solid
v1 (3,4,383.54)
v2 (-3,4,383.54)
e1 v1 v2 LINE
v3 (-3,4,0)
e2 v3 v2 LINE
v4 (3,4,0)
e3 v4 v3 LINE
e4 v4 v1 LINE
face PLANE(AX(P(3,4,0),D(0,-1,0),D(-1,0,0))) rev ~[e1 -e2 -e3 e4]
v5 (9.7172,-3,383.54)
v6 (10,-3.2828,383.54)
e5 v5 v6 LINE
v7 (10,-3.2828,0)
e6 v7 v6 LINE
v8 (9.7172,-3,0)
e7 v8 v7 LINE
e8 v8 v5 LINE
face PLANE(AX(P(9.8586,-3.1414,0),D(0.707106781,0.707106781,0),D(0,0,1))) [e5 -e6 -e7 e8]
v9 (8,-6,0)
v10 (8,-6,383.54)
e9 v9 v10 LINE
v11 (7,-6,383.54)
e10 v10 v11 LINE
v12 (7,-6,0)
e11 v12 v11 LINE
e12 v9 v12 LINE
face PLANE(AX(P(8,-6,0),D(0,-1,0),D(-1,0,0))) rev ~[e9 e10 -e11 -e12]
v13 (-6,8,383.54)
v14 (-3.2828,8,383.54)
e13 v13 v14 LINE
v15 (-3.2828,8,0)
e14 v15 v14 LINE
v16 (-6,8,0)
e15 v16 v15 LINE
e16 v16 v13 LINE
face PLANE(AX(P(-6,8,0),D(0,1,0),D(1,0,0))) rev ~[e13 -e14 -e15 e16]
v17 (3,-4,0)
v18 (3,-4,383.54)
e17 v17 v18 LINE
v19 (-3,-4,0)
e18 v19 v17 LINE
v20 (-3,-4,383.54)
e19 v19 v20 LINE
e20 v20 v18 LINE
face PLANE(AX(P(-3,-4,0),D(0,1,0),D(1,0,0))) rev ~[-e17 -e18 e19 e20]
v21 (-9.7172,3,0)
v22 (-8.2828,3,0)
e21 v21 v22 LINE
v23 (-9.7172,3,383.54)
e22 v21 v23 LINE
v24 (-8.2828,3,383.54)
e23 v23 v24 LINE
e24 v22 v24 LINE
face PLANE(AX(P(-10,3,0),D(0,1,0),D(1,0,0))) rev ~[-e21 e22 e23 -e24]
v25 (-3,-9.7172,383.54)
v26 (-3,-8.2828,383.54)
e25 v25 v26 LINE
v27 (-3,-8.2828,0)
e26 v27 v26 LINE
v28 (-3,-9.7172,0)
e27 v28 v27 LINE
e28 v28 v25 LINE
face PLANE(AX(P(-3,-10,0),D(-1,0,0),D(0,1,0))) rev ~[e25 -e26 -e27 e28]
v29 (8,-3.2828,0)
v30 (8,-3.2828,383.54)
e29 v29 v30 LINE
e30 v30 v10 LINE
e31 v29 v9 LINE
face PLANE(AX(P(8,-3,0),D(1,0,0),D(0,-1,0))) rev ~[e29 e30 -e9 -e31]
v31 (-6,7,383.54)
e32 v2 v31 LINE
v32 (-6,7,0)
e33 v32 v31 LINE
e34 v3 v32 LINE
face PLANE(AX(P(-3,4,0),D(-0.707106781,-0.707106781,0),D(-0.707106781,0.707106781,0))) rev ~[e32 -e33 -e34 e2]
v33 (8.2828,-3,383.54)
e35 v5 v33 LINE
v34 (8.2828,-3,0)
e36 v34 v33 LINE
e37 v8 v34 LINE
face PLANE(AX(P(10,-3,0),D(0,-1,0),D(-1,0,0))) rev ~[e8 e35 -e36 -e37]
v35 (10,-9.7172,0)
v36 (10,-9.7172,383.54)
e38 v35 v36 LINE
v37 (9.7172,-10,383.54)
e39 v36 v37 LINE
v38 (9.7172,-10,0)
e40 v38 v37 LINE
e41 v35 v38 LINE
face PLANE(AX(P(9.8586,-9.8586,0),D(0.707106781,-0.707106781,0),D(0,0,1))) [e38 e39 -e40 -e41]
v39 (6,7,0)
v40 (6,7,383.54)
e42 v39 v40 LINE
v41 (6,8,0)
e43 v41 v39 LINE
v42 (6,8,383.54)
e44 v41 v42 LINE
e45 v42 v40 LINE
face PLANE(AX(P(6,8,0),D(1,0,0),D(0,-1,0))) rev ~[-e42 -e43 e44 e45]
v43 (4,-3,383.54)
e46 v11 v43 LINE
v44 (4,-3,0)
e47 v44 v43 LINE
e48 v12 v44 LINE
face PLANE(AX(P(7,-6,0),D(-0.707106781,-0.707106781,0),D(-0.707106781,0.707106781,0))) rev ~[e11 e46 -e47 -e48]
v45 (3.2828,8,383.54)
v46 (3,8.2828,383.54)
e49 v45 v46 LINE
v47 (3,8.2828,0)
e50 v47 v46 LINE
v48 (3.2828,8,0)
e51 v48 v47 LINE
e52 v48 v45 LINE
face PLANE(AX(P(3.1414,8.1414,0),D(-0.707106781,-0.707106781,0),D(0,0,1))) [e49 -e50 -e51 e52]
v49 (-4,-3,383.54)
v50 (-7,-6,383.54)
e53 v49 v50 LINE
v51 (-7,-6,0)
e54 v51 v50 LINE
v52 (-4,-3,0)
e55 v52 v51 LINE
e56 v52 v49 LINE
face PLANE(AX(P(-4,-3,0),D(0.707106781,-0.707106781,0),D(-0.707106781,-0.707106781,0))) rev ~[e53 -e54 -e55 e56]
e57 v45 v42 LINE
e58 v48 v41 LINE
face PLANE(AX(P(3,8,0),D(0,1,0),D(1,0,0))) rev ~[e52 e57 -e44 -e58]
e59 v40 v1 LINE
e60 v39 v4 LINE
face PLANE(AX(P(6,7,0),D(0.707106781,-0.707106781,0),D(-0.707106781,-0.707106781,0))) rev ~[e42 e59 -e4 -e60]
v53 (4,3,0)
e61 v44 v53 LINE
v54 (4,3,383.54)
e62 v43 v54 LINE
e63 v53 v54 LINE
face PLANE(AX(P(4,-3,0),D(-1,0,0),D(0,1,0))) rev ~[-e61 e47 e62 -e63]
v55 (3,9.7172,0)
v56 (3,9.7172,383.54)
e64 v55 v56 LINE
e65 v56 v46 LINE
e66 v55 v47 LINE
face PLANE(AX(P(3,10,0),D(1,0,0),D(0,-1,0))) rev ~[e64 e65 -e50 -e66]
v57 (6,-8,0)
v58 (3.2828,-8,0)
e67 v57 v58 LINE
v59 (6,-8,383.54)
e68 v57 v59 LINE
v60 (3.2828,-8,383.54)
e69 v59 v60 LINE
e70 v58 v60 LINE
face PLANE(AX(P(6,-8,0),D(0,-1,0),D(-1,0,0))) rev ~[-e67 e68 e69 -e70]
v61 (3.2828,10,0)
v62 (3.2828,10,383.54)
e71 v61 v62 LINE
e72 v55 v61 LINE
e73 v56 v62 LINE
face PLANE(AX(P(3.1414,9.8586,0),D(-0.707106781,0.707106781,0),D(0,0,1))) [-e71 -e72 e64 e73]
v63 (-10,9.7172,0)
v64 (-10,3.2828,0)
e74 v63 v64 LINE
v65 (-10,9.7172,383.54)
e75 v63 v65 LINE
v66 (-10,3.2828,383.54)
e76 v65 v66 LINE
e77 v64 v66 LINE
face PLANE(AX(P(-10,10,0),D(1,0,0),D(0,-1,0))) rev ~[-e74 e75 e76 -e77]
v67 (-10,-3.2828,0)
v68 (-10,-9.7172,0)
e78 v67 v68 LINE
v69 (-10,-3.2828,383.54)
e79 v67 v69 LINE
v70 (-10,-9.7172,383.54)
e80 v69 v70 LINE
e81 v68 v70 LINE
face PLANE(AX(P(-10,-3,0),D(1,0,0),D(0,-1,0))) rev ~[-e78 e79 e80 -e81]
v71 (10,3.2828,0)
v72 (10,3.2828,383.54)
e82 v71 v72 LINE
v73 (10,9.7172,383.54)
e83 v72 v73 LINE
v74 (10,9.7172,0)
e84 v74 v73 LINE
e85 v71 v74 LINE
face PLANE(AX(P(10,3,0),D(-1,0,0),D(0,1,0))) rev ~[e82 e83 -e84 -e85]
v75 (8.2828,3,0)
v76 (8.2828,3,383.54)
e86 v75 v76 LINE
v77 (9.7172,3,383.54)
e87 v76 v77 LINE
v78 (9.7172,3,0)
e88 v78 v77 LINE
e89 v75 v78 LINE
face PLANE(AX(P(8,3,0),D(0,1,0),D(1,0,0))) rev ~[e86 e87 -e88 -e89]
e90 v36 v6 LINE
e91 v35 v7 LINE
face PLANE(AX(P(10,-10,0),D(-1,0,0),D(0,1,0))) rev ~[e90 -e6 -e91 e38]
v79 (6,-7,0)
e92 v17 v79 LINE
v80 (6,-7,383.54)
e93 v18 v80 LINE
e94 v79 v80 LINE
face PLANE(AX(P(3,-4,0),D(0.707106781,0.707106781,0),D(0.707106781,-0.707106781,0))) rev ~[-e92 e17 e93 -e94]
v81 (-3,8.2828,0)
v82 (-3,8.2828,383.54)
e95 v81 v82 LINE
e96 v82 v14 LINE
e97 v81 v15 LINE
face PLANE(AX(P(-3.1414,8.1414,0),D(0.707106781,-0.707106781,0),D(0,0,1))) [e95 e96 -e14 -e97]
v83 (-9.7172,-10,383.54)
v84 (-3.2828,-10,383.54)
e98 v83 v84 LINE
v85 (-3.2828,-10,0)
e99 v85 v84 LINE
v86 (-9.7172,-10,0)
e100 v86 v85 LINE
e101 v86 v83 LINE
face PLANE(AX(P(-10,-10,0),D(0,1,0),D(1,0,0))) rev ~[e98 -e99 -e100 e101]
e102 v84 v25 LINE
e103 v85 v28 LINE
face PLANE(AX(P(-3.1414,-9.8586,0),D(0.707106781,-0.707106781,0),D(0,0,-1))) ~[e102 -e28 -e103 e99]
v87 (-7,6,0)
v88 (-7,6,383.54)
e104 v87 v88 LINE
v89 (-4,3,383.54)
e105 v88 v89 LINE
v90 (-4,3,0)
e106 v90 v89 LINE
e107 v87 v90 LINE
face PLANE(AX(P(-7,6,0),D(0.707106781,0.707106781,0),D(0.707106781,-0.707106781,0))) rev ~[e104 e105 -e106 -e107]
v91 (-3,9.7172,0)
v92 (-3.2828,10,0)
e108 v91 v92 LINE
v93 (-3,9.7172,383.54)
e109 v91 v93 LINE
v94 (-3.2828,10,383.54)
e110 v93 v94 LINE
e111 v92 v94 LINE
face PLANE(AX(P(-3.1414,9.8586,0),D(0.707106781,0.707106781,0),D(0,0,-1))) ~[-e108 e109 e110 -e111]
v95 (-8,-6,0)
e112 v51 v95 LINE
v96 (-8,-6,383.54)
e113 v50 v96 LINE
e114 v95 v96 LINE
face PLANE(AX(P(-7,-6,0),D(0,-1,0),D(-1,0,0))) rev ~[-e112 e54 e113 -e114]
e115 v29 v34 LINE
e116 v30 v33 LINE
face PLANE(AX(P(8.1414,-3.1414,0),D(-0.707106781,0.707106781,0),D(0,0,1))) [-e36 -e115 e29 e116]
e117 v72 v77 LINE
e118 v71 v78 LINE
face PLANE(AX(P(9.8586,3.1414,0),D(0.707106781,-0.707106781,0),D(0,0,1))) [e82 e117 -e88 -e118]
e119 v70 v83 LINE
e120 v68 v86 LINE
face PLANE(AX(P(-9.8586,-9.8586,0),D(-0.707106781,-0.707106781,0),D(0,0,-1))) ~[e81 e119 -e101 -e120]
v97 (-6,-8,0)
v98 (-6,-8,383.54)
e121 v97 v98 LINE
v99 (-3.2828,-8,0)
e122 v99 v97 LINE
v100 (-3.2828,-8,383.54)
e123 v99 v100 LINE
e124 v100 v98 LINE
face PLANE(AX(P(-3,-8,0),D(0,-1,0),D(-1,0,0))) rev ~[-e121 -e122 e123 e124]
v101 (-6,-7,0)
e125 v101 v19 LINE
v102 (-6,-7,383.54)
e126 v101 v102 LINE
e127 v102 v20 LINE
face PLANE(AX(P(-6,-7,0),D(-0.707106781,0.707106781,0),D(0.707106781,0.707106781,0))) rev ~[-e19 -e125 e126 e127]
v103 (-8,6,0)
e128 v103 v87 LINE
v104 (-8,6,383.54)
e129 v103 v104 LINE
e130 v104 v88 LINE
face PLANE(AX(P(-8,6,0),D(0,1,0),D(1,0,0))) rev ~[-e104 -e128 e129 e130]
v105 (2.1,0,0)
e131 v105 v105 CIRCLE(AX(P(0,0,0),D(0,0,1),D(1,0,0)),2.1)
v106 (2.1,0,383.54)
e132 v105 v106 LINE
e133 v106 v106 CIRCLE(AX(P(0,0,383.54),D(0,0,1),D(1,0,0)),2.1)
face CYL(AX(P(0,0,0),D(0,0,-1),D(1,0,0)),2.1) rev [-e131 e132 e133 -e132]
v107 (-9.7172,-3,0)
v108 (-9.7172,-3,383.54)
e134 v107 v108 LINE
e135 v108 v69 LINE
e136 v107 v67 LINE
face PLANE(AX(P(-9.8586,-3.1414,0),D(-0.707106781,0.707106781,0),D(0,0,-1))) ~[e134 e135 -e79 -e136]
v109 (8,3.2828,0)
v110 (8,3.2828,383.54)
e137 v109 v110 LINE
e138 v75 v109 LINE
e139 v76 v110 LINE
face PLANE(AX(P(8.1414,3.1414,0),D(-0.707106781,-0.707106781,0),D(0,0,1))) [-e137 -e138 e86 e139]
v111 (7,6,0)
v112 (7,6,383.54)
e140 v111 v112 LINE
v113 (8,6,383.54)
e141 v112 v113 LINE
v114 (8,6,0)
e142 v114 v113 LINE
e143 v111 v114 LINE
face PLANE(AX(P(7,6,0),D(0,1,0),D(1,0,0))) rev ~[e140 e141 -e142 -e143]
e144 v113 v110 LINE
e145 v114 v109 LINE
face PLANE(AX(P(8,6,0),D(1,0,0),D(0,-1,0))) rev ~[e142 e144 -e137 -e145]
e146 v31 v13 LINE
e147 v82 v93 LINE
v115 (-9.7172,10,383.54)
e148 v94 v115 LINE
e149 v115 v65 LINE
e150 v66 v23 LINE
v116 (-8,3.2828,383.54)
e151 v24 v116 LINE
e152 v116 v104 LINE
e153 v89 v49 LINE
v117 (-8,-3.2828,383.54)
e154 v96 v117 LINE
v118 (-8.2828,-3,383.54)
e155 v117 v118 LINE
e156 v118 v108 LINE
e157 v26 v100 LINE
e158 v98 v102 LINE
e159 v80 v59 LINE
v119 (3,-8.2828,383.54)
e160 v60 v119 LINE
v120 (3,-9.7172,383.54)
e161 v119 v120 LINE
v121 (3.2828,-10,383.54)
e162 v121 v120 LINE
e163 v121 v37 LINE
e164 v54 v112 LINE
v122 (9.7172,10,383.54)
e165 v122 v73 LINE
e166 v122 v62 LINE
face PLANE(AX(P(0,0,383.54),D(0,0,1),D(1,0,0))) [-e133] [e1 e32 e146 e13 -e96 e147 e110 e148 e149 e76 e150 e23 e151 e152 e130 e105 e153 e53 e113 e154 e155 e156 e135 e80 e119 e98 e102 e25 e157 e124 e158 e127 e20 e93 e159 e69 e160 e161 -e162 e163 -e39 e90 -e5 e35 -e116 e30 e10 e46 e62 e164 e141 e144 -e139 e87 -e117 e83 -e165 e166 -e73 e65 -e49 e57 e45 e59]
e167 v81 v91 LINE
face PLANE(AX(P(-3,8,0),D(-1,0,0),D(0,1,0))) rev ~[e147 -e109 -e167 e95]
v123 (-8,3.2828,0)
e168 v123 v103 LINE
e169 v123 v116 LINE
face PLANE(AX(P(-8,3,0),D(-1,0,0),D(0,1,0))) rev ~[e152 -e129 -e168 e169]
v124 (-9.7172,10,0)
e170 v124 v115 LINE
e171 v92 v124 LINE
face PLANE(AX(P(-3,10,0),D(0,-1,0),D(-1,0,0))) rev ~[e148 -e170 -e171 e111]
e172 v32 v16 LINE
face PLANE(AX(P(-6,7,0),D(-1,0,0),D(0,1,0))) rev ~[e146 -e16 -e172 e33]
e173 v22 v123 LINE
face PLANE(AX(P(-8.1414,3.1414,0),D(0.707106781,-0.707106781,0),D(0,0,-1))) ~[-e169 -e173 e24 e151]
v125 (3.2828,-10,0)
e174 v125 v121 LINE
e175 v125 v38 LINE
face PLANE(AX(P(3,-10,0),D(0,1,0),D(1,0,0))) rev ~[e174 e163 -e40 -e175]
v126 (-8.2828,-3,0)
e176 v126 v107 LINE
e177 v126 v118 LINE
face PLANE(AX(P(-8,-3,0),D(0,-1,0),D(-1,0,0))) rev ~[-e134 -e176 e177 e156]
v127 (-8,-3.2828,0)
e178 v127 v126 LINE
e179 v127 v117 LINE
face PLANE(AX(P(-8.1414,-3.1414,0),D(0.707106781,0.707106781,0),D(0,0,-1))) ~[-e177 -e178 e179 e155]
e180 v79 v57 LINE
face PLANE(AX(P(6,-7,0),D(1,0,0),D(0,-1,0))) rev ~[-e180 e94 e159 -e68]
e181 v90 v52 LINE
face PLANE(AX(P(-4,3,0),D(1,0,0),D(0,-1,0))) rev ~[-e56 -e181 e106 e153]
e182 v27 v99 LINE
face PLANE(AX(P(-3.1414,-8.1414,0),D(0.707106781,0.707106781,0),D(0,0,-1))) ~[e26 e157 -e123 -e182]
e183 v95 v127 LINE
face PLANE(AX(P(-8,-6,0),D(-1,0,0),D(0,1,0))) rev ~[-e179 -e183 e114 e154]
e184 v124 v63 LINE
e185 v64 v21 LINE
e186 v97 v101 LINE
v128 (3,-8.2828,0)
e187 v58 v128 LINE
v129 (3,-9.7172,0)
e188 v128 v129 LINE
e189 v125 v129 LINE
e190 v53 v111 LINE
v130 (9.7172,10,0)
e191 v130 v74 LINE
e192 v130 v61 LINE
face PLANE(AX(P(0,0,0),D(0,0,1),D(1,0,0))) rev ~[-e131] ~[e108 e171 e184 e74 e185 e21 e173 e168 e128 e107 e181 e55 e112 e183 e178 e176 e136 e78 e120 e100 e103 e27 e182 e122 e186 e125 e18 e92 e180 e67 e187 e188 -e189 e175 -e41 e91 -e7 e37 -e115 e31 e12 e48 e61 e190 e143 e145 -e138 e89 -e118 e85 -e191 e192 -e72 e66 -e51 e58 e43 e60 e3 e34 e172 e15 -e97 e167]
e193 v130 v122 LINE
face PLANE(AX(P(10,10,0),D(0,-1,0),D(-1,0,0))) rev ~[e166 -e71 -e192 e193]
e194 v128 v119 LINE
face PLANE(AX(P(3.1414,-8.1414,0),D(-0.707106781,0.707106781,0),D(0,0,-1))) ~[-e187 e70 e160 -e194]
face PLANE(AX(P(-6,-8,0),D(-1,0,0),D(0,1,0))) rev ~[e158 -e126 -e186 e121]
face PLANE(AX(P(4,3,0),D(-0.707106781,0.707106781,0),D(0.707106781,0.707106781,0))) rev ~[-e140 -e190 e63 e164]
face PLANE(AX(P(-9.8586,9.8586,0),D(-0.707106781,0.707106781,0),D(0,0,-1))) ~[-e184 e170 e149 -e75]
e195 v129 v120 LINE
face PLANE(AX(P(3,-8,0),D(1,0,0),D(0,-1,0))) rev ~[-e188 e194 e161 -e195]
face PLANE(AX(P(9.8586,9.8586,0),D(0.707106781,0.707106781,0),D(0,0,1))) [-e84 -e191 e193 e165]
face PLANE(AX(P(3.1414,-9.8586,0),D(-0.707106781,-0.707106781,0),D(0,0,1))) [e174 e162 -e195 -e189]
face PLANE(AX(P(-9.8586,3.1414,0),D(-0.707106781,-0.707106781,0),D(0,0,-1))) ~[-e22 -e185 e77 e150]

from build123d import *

# Parameters (mm, degrees)
SKETCH1_R           = 2.1
BOSS_EXTRUDE1_DEPTH = 383.54
CHAMFER1_SIZE       = 0.2828


with BuildPart() as part:
    # Sketch1 → Boss-Extrude1 (new body)
    with BuildSketch(Plane.XY):
        Polygon((-3, 8), (-3, 10), (-10, 10), (-10, 3), (-8, 3), (-8, 6), (-7, 6), (-4, 3), (-4, -3), (-7, -6), (-8, -6), (-8, -3), (-10, -3), (-10, -10), (-3, -10), (-3, -8), (-6, -8), (-6, -7), (-3, -4), (3, -4), (6, -7), (6, -8), (3, -8), (3, -10), (10, -10), (10, -3), (8, -3), (8, -6), (7, -6), (4, -3), (4, 3), (7, 6), (8, 6), (8, 3), (10, 3), (10, 10), (3, 10), (3, 8), (6, 8), (6, 7), (3, 4), (-3, 4), (-6, 7), (-6, 8), align=None)
        Circle(SKETCH1_R, mode=Mode.SUBTRACT)
    extrude(amount=BOSS_EXTRUDE1_DEPTH)

    # Chamfer1
    chamfer1_edges = [part.edges().sort_by_distance(p)[0] for p in [
        (-8, -3, 191.77),
        (-8, 3, 191.77),
        (-10, 3, 191.77),
        (-10, 10, 191.77),
        (-3, 10, 191.77),
        (-3, 8, 191.77),
        (3, 8, 191.77),
        (3, 10, 191.77),
        (10, 10, 191.77),
        (10, 3, 191.77),
        (8, 3, 191.77),
        (8, -3, 191.77),
        (10, -3, 191.77),
        (10, -10, 191.77),
        (3, -10, 191.77),
        (3, -8, 191.77),
        (-3, -8, 191.77),
        (-3, -10, 191.77),
        (-10, -10, 191.77),
        (-10, -3, 191.77),
    ]]
    chamfer(chamfer1_edges, length=CHAMFER1_SIZE)


solid = part.part
